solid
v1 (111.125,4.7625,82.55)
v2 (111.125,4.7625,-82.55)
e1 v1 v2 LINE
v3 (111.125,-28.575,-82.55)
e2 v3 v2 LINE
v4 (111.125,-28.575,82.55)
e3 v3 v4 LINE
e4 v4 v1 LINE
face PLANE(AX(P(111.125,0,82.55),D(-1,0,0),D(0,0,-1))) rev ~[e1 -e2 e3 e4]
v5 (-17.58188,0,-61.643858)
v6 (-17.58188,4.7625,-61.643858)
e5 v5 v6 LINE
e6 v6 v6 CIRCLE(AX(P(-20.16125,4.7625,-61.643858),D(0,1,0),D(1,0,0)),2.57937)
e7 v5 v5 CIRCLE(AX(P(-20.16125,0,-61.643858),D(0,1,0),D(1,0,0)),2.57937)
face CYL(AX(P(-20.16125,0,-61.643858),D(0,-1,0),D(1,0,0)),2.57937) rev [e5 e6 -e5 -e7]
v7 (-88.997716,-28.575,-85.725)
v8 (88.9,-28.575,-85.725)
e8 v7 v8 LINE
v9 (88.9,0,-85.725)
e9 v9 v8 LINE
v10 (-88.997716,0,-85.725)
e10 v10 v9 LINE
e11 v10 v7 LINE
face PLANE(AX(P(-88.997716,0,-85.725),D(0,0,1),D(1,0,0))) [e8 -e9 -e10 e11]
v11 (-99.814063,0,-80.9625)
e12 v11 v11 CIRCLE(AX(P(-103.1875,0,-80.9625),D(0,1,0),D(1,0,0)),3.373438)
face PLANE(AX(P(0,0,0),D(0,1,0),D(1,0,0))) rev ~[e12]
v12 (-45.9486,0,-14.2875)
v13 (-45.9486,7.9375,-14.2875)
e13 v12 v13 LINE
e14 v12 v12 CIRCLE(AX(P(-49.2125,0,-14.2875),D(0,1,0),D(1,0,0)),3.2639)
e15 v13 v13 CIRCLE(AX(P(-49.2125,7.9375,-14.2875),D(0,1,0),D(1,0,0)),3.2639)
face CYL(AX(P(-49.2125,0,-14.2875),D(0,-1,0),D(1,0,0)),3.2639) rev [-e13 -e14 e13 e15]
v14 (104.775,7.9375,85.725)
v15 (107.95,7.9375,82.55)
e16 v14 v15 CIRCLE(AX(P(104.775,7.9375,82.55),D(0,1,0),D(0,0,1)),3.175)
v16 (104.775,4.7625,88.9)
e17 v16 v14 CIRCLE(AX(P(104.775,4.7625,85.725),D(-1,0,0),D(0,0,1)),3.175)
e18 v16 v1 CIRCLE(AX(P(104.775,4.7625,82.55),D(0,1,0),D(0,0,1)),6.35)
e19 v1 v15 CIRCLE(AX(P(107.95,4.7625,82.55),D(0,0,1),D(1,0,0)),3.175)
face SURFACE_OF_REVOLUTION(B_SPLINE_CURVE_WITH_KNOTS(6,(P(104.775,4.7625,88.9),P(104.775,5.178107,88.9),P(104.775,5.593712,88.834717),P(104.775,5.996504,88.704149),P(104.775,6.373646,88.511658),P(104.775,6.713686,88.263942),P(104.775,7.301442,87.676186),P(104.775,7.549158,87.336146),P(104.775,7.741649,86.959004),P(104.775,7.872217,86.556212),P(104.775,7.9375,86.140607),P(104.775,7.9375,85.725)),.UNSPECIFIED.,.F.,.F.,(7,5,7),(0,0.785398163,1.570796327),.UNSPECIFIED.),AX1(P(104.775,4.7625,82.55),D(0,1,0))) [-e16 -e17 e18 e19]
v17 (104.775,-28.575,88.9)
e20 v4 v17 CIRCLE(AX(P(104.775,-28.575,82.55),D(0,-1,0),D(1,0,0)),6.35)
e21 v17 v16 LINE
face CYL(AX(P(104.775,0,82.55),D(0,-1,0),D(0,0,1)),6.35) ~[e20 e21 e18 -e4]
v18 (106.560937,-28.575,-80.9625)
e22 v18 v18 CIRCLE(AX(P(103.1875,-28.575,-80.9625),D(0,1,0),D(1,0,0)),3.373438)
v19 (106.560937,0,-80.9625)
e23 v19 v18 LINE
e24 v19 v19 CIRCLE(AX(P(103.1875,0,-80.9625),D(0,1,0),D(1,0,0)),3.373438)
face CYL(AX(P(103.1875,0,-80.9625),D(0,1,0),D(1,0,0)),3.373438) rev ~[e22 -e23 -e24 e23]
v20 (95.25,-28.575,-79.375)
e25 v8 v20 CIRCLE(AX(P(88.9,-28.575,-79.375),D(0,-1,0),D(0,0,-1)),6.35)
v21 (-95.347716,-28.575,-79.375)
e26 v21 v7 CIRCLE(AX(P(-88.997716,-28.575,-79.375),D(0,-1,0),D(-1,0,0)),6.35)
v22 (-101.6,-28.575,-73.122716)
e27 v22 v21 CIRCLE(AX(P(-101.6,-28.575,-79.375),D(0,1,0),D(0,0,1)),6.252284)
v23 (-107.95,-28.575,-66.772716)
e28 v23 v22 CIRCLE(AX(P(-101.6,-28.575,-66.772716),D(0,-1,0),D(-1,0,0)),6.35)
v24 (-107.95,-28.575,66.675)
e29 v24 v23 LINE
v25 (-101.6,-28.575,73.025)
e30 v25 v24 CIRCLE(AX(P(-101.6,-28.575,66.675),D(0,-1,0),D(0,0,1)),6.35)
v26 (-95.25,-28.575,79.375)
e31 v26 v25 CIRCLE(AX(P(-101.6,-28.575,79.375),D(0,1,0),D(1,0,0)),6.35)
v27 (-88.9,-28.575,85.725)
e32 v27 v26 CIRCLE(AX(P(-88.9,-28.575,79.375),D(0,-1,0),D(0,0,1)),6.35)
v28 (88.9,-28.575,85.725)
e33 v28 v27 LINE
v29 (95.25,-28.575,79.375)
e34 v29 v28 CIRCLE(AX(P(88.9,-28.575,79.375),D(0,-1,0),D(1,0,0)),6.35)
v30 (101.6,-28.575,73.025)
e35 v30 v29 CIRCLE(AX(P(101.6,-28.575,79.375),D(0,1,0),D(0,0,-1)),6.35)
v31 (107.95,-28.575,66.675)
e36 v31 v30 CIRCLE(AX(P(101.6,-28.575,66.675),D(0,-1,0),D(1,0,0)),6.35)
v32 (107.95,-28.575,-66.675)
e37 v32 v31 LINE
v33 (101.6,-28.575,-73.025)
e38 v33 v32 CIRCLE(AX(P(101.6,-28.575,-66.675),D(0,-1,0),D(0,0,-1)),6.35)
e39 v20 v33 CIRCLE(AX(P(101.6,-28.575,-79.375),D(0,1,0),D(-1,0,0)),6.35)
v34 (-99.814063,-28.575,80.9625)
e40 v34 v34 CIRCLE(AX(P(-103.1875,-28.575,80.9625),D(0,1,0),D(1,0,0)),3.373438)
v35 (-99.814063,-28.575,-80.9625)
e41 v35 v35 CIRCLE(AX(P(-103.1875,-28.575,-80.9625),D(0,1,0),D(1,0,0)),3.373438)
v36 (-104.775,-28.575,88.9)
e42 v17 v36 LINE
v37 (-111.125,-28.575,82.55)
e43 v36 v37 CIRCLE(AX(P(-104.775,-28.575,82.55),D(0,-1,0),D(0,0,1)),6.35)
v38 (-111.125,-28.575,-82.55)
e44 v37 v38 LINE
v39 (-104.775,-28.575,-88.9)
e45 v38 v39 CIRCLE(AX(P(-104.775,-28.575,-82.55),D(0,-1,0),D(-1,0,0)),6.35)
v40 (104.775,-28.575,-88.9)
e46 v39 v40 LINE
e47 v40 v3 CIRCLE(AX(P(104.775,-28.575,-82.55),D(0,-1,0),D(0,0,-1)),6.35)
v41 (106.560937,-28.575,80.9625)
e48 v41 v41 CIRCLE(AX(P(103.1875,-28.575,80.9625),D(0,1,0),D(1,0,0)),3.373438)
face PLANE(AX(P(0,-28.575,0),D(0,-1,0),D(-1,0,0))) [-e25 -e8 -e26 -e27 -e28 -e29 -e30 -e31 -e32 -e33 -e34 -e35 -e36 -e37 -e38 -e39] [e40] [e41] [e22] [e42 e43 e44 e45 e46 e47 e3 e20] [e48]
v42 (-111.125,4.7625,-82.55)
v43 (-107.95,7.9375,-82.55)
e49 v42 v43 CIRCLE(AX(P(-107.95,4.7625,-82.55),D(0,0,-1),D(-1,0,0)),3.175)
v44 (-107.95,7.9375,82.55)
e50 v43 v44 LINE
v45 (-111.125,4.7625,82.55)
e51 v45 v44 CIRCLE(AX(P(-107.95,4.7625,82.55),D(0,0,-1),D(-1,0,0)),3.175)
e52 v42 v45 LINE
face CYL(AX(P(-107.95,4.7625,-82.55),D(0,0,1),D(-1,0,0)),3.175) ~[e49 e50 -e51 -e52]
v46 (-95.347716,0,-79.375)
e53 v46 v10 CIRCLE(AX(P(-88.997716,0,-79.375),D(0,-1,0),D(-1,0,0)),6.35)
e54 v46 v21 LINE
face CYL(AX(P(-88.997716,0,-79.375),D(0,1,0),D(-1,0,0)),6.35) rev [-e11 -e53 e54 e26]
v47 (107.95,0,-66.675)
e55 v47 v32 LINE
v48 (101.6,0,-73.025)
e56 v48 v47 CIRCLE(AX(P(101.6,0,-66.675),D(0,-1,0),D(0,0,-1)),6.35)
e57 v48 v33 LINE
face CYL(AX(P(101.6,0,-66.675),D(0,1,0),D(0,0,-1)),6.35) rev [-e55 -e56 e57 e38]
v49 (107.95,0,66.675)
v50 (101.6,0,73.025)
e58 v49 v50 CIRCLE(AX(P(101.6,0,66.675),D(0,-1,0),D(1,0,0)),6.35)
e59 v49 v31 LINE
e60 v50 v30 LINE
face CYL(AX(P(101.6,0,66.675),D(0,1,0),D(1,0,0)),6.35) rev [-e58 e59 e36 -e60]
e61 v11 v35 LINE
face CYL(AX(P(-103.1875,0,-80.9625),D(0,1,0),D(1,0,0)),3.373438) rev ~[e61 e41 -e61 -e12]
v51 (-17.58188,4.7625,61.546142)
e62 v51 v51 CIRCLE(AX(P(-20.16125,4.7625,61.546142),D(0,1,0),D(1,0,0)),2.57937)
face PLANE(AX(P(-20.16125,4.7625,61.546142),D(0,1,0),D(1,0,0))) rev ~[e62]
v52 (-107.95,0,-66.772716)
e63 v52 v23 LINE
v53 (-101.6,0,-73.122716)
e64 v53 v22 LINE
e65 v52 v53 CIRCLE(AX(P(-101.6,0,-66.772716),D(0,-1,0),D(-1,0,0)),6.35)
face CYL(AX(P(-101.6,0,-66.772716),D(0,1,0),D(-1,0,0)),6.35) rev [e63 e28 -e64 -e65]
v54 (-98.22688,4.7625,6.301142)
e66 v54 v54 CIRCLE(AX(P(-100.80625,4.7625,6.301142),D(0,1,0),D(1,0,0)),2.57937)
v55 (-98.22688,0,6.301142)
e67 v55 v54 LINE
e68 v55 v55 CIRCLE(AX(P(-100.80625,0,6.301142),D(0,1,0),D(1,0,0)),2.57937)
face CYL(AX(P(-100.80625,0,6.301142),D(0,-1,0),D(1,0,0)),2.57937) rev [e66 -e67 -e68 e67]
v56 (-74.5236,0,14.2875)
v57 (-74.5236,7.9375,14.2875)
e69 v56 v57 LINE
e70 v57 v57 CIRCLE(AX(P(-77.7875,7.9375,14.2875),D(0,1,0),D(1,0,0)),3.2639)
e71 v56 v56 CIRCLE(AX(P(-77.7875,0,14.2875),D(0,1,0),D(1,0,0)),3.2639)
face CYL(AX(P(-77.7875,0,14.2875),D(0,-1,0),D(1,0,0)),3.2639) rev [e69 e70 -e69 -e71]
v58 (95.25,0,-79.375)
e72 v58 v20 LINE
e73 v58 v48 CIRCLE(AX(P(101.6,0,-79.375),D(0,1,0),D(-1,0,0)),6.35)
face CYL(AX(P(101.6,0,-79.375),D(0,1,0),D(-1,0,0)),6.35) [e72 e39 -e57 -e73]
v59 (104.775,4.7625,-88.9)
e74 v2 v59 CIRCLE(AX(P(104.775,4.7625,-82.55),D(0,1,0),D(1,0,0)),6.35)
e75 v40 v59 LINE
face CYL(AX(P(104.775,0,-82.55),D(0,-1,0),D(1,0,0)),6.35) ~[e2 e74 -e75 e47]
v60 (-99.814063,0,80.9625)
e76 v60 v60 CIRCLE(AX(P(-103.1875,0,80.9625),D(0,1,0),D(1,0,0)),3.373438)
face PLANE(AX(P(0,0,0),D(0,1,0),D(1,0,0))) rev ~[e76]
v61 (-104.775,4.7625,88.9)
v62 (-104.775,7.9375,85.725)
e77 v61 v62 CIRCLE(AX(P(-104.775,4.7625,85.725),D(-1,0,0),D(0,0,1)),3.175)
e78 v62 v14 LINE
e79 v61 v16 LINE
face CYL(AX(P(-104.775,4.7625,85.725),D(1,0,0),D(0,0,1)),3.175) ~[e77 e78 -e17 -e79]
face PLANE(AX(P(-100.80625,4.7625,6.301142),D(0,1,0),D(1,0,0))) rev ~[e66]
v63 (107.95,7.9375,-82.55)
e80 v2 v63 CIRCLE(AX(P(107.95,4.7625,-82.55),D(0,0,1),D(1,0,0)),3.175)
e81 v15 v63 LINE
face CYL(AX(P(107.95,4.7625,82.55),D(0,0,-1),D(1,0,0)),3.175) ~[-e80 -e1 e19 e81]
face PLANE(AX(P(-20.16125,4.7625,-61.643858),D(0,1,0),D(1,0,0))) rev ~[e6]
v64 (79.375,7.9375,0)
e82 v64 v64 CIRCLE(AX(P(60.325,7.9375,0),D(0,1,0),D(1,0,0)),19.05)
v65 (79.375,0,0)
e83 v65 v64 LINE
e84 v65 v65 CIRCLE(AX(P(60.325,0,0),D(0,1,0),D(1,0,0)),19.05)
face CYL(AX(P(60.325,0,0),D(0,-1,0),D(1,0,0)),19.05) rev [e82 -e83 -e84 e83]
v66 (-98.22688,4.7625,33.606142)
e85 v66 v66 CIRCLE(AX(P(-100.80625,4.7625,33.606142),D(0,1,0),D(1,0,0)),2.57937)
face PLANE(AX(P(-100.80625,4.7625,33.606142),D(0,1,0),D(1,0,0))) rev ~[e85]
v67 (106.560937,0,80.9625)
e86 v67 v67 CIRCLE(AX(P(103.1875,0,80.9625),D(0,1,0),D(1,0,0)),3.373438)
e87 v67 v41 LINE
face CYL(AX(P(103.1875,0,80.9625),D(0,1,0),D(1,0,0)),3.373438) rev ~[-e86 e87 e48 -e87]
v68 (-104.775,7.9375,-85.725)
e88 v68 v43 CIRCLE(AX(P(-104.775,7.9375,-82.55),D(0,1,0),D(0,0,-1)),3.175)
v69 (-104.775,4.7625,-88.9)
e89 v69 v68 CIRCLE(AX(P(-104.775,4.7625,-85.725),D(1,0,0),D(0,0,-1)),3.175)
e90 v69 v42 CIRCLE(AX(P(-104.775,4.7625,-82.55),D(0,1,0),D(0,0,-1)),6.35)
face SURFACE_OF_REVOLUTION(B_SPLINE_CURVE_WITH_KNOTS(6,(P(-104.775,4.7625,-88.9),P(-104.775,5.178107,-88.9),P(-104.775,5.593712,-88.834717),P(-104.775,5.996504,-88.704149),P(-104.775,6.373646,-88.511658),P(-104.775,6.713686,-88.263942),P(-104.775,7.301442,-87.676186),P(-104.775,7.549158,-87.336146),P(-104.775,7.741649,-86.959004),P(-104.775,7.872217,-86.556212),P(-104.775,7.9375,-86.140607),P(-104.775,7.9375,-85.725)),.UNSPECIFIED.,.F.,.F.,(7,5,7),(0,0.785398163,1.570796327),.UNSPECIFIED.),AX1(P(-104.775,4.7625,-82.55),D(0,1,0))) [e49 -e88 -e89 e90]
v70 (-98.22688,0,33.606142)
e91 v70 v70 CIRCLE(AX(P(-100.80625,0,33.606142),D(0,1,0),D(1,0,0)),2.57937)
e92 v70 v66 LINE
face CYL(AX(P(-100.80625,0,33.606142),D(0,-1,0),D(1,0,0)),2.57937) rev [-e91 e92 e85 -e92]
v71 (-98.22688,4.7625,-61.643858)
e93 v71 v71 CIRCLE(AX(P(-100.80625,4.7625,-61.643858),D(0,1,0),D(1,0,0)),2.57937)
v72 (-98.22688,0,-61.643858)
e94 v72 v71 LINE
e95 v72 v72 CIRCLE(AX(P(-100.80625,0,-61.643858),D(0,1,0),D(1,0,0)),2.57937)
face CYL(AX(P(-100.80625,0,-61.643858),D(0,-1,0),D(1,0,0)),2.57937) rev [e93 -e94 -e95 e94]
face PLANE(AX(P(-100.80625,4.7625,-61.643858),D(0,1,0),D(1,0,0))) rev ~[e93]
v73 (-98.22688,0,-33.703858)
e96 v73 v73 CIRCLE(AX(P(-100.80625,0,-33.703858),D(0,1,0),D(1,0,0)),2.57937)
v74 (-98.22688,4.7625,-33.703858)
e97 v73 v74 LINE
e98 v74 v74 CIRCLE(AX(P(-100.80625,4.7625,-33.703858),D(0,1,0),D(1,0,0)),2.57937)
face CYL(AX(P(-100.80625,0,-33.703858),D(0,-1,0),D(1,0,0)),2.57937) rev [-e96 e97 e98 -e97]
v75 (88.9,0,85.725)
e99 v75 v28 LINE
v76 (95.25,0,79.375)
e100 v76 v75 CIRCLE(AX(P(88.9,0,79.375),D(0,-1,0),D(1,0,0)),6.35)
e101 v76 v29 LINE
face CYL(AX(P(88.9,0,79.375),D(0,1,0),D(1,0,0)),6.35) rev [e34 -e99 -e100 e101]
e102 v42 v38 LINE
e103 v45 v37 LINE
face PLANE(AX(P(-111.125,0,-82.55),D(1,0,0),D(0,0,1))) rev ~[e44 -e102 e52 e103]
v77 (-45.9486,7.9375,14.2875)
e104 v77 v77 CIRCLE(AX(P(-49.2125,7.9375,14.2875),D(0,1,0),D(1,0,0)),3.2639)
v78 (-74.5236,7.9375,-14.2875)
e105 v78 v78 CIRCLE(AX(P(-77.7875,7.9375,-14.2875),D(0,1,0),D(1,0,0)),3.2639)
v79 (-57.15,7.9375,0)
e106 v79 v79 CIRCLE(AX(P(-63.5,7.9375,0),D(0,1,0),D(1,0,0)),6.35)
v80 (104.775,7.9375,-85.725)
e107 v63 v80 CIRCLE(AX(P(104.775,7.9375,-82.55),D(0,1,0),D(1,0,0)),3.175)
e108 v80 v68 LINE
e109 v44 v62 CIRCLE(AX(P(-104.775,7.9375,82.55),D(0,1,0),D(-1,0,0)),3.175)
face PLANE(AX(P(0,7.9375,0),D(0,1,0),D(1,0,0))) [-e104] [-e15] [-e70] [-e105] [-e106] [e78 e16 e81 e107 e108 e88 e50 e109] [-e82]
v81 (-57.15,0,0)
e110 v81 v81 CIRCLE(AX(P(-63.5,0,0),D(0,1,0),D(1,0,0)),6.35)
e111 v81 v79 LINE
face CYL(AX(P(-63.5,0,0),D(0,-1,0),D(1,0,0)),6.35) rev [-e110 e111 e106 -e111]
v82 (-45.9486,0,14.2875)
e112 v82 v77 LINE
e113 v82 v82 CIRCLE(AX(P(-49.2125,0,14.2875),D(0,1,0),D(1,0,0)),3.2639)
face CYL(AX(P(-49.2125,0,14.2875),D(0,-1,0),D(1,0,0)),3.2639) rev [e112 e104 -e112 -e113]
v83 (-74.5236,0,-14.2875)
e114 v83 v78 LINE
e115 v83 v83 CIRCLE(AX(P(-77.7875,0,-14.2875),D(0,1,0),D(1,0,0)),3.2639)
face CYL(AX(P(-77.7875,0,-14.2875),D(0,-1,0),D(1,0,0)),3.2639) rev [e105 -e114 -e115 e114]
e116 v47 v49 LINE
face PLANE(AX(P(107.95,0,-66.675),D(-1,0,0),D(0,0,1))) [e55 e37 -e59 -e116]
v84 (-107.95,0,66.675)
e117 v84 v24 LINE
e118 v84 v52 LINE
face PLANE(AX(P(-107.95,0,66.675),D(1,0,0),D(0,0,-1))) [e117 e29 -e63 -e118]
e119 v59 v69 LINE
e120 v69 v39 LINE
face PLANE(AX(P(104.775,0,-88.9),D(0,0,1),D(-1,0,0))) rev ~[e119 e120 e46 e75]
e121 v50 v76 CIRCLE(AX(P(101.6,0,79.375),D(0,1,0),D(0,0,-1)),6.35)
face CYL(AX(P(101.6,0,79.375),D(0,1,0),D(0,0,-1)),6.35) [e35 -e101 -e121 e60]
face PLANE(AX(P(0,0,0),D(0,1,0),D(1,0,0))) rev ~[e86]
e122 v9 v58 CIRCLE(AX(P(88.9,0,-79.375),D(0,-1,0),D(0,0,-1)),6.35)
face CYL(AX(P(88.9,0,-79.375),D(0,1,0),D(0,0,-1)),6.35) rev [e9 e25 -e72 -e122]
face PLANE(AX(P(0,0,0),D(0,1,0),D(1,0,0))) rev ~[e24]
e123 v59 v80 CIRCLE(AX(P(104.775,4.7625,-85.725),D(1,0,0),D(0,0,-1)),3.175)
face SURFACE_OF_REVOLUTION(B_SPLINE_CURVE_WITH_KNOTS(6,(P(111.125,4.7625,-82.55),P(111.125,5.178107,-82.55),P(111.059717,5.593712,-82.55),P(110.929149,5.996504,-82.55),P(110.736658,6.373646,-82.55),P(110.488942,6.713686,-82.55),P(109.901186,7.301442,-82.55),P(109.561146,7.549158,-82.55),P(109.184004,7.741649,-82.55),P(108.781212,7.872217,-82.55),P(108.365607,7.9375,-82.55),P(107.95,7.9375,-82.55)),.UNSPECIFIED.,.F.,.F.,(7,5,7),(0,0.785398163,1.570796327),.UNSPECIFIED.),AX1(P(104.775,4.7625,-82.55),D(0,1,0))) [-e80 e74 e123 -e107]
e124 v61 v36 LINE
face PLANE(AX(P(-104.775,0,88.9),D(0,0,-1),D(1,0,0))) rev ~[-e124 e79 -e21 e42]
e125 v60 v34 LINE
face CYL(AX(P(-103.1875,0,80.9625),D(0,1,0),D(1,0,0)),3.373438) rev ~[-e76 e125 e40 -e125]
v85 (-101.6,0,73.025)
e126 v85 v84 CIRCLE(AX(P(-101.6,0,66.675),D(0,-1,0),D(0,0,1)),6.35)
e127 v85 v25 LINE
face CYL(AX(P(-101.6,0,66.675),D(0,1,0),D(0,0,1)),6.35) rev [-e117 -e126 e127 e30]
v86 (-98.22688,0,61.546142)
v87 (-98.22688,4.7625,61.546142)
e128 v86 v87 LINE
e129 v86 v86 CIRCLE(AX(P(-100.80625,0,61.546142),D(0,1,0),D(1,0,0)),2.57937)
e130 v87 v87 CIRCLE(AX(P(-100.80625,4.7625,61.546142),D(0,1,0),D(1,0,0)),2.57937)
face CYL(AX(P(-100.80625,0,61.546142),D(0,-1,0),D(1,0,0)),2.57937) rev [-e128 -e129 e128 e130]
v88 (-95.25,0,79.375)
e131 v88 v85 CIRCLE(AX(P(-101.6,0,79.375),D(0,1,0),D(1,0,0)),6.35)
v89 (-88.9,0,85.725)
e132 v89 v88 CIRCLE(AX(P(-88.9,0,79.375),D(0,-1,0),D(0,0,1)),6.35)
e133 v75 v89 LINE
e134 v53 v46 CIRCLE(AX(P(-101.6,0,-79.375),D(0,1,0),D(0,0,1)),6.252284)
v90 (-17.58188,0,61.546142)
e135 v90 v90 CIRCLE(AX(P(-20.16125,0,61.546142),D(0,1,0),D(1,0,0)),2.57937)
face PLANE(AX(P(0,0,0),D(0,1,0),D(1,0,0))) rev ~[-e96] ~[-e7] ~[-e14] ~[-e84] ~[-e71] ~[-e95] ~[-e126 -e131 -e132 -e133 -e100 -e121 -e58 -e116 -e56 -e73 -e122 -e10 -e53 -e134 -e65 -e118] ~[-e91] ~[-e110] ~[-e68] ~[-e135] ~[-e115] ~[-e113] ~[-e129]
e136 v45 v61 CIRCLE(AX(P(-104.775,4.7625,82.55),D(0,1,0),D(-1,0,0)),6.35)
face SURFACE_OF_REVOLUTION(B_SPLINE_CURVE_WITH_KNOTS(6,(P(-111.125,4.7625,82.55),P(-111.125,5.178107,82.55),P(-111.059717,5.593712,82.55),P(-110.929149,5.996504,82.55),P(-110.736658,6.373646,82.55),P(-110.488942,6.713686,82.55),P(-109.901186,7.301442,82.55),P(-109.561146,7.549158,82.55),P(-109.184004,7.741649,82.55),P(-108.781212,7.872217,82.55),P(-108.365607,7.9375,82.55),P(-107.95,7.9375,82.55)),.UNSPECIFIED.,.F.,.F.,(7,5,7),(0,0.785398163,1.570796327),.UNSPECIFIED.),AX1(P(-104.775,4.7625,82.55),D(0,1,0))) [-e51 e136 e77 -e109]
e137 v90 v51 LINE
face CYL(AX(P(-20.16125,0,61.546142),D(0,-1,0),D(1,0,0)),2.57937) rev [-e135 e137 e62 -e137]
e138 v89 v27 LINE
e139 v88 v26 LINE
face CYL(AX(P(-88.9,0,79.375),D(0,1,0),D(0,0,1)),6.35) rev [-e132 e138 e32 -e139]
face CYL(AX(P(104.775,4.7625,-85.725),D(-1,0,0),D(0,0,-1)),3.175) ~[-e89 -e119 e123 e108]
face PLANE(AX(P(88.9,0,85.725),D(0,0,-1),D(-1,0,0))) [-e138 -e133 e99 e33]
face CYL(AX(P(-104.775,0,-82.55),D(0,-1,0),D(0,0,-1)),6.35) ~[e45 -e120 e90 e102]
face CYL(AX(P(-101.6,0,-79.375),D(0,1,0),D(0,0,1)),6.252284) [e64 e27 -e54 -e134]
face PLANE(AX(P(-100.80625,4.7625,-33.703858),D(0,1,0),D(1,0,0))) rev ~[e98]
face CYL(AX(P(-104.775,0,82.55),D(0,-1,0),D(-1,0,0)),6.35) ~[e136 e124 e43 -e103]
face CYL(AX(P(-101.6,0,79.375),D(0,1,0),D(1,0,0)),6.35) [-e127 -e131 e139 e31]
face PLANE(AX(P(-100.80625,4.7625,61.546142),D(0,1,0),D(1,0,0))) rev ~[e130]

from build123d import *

# Parameters (mm, degrees)
SKETCH2_R           = 3.3734375
BOSS_EXTRUDE1_DEPTH = 28.575
SKETCH2_3_R         = 19.05
SKETCH2_3_R_2       = 3.2639
SKETCH2_3_R_3       = 6.35
BOSS_EXTRUDE2_DEPTH = 7.9375
FILLET1_R           = 3.175
SKETCH3_R           = 2.57937
CUT_EXTRUDE1_DEPTH  = 4.7625


with BuildPart() as part:
    # Sketch2 → Boss-Extrude1 (new body)
    with BuildSketch(Plane(origin=(0, 0, 0), x_dir=(1, 0, 0), z_dir=(0, 1, 0))):
        with BuildLine():
            Line((104.775, -88.9), (-104.775, -88.9))
            ThreePointArc((-104.775, -88.9), (-109.265128061, -87.040128061), (-111.125, -82.55))
            Line((-111.125, -82.55), (-111.125, 82.55))
            ThreePointArc((-111.125, 82.55), (-109.265128061, 87.040128061), (-104.775, 88.9))
            Line((-104.775, 88.9), (104.775, 88.9))
            ThreePointArc((104.775, 88.9), (109.265128061, 87.040128061), (111.125, 82.55))
            Line((111.125, 82.55), (111.125, -82.55))
            ThreePointArc((111.125, -82.55), (109.265128061, -87.040128061), (104.775, -88.9))
        make_face()
        with Locations((-103.1875, -80.9625)):
            Circle(SKETCH2_R, mode=Mode.SUBTRACT)
        with Locations((-103.1875, 80.9625)):
            Circle(SKETCH2_R, mode=Mode.SUBTRACT)
        with Locations((103.1875, 80.9625)):
            Circle(SKETCH2_R, mode=Mode.SUBTRACT)
        with Locations((103.1875, -80.9625)):
            Circle(SKETCH2_R, mode=Mode.SUBTRACT)
        with BuildLine():
            Line((-107.95, -66.675), (-107.95, 66.772716465))
            ThreePointArc((-107.95, 66.772716465), (-106.090128061, 71.262844526), (-101.6, 73.122716465))
            ThreePointArc((-101.6, 73.122716465), (-97.178967915, 74.953967915), (-95.347716465, 79.375))
            ThreePointArc((-95.347716465, 79.375), (-93.487844526, 83.865128061), (-88.997716465, 85.725))
            Line((-88.997716465, 85.725), (88.9, 85.725))
            ThreePointArc((88.9, 85.725), (93.390128061, 83.865128061), (95.25, 79.375))
            ThreePointArc((95.25, 79.375), (97.109871939, 74.884871939), (101.6, 73.025))
            ThreePointArc((101.6, 73.025), (106.090128061, 71.165128061), (107.95, 66.675))
            Line((107.95, 66.675), (107.95, -66.675))
            ThreePointArc((107.95, -66.675), (106.090128061, -71.165128061), (101.6, -73.025))
            ThreePointArc((101.6, -73.025), (97.109871939, -74.884871939), (95.25, -79.375))
            ThreePointArc((95.25, -79.375), (93.390128061, -83.865128061), (88.9, -85.725))
            Line((88.9, -85.725), (-88.9, -85.725))
            ThreePointArc((-88.9, -85.725), (-93.390128061, -83.865128061), (-95.25, -79.375))
            ThreePointArc((-95.25, -79.375), (-97.109871939, -74.884871939), (-101.6, -73.025))
            ThreePointArc((-101.6, -73.025), (-106.090128061, -71.165128061), (-107.95, -66.675))
        make_face(mode=Mode.SUBTRACT)
    extrude(amount=-BOSS_EXTRUDE1_DEPTH)

    # Sketch2<3> → Boss-Extrude2 (add)
    with BuildSketch(Plane(origin=(0, 0, 0), x_dir=(1, 0, 0), z_dir=(0, 1, 0))):
        with BuildLine():
            Line((-104.775, -88.9), (104.775, -88.9))
            ThreePointArc((104.775, -88.9), (109.265128061, -87.040128061), (111.125, -82.55))
            Line((111.125, -82.55), (111.125, 82.55))
            ThreePointArc((111.125, 82.55), (109.265128061, 87.040128061), (104.775, 88.9))
            Line((104.775, 88.9), (-104.775, 88.9))
            ThreePointArc((-104.775, 88.9), (-109.265128061, 87.040128061), (-111.125, 82.55))
            Line((-111.125, 82.55), (-111.125, -82.55))
            ThreePointArc((-111.125, -82.55), (-109.265128061, -87.040128061), (-104.775, -88.9))
        make_face()
        with Locations((60.325, 0)):
            Circle(SKETCH2_3_R, mode=Mode.SUBTRACT)
        with Locations((-77.7875, -14.2875)):
            Circle(SKETCH2_3_R_2, mode=Mode.SUBTRACT)
        with Locations((-49.2125, -14.2875)):
            Circle(SKETCH2_3_R_2, mode=Mode.SUBTRACT)
        with Locations((-63.5, 0)):
            Circle(SKETCH2_3_R_3, mode=Mode.SUBTRACT)
        with Locations((-77.7875, 14.2875)):
            Circle(SKETCH2_3_R_2, mode=Mode.SUBTRACT)
        with Locations((-49.2125, 14.2875)):
            Circle(SKETCH2_3_R_2, mode=Mode.SUBTRACT)
    extrude(amount=BOSS_EXTRUDE2_DEPTH)

    # Fillet1
    fillet1_edges = [part.edges().sort_by_distance(p)[0] for p in [
        (111.125, 7.9375, 0),
        (109.265128061, 7.9375, -87.040128061),
        (0, 7.9375, -88.9),
        (-109.265128061, 7.9375, 87.040128061),
        (0, 7.9375, 88.9),
        (109.265128061, 7.9375, 87.040128061),
        (-109.265128061, 7.9375, -87.040128061),
        (-111.125, 7.9375, 0),
    ]]
    fillet(fillet1_edges, radius=FILLET1_R)

    # Sketch3 → Cut-Extrude1 (cut)
    with BuildSketch(Plane(origin=(0, 0, 0), x_dir=(1, 0, 0), z_dir=(0, 1, 0))):
        with Locations((-20.16125, 61.643858233)):
            Circle(SKETCH3_R)
        with Locations((-20.16125, -61.546141767)):
            Circle(SKETCH3_R)
        with Locations((-100.80625, -61.546141767)):
            Circle(SKETCH3_R)
        with Locations((-100.80625, -33.606141767)):
            Circle(SKETCH3_R)
        with Locations((-100.80625, 33.703858233)):
            Circle(SKETCH3_R)
        with Locations((-100.80625, 61.643858233)):
            Circle(SKETCH3_R)
        with Locations((-100.80625, -6.301141767)):
            Circle(SKETCH3_R)
    extrude(amount=CUT_EXTRUDE1_DEPTH, mode=Mode.SUBTRACT)


solid = part.part
